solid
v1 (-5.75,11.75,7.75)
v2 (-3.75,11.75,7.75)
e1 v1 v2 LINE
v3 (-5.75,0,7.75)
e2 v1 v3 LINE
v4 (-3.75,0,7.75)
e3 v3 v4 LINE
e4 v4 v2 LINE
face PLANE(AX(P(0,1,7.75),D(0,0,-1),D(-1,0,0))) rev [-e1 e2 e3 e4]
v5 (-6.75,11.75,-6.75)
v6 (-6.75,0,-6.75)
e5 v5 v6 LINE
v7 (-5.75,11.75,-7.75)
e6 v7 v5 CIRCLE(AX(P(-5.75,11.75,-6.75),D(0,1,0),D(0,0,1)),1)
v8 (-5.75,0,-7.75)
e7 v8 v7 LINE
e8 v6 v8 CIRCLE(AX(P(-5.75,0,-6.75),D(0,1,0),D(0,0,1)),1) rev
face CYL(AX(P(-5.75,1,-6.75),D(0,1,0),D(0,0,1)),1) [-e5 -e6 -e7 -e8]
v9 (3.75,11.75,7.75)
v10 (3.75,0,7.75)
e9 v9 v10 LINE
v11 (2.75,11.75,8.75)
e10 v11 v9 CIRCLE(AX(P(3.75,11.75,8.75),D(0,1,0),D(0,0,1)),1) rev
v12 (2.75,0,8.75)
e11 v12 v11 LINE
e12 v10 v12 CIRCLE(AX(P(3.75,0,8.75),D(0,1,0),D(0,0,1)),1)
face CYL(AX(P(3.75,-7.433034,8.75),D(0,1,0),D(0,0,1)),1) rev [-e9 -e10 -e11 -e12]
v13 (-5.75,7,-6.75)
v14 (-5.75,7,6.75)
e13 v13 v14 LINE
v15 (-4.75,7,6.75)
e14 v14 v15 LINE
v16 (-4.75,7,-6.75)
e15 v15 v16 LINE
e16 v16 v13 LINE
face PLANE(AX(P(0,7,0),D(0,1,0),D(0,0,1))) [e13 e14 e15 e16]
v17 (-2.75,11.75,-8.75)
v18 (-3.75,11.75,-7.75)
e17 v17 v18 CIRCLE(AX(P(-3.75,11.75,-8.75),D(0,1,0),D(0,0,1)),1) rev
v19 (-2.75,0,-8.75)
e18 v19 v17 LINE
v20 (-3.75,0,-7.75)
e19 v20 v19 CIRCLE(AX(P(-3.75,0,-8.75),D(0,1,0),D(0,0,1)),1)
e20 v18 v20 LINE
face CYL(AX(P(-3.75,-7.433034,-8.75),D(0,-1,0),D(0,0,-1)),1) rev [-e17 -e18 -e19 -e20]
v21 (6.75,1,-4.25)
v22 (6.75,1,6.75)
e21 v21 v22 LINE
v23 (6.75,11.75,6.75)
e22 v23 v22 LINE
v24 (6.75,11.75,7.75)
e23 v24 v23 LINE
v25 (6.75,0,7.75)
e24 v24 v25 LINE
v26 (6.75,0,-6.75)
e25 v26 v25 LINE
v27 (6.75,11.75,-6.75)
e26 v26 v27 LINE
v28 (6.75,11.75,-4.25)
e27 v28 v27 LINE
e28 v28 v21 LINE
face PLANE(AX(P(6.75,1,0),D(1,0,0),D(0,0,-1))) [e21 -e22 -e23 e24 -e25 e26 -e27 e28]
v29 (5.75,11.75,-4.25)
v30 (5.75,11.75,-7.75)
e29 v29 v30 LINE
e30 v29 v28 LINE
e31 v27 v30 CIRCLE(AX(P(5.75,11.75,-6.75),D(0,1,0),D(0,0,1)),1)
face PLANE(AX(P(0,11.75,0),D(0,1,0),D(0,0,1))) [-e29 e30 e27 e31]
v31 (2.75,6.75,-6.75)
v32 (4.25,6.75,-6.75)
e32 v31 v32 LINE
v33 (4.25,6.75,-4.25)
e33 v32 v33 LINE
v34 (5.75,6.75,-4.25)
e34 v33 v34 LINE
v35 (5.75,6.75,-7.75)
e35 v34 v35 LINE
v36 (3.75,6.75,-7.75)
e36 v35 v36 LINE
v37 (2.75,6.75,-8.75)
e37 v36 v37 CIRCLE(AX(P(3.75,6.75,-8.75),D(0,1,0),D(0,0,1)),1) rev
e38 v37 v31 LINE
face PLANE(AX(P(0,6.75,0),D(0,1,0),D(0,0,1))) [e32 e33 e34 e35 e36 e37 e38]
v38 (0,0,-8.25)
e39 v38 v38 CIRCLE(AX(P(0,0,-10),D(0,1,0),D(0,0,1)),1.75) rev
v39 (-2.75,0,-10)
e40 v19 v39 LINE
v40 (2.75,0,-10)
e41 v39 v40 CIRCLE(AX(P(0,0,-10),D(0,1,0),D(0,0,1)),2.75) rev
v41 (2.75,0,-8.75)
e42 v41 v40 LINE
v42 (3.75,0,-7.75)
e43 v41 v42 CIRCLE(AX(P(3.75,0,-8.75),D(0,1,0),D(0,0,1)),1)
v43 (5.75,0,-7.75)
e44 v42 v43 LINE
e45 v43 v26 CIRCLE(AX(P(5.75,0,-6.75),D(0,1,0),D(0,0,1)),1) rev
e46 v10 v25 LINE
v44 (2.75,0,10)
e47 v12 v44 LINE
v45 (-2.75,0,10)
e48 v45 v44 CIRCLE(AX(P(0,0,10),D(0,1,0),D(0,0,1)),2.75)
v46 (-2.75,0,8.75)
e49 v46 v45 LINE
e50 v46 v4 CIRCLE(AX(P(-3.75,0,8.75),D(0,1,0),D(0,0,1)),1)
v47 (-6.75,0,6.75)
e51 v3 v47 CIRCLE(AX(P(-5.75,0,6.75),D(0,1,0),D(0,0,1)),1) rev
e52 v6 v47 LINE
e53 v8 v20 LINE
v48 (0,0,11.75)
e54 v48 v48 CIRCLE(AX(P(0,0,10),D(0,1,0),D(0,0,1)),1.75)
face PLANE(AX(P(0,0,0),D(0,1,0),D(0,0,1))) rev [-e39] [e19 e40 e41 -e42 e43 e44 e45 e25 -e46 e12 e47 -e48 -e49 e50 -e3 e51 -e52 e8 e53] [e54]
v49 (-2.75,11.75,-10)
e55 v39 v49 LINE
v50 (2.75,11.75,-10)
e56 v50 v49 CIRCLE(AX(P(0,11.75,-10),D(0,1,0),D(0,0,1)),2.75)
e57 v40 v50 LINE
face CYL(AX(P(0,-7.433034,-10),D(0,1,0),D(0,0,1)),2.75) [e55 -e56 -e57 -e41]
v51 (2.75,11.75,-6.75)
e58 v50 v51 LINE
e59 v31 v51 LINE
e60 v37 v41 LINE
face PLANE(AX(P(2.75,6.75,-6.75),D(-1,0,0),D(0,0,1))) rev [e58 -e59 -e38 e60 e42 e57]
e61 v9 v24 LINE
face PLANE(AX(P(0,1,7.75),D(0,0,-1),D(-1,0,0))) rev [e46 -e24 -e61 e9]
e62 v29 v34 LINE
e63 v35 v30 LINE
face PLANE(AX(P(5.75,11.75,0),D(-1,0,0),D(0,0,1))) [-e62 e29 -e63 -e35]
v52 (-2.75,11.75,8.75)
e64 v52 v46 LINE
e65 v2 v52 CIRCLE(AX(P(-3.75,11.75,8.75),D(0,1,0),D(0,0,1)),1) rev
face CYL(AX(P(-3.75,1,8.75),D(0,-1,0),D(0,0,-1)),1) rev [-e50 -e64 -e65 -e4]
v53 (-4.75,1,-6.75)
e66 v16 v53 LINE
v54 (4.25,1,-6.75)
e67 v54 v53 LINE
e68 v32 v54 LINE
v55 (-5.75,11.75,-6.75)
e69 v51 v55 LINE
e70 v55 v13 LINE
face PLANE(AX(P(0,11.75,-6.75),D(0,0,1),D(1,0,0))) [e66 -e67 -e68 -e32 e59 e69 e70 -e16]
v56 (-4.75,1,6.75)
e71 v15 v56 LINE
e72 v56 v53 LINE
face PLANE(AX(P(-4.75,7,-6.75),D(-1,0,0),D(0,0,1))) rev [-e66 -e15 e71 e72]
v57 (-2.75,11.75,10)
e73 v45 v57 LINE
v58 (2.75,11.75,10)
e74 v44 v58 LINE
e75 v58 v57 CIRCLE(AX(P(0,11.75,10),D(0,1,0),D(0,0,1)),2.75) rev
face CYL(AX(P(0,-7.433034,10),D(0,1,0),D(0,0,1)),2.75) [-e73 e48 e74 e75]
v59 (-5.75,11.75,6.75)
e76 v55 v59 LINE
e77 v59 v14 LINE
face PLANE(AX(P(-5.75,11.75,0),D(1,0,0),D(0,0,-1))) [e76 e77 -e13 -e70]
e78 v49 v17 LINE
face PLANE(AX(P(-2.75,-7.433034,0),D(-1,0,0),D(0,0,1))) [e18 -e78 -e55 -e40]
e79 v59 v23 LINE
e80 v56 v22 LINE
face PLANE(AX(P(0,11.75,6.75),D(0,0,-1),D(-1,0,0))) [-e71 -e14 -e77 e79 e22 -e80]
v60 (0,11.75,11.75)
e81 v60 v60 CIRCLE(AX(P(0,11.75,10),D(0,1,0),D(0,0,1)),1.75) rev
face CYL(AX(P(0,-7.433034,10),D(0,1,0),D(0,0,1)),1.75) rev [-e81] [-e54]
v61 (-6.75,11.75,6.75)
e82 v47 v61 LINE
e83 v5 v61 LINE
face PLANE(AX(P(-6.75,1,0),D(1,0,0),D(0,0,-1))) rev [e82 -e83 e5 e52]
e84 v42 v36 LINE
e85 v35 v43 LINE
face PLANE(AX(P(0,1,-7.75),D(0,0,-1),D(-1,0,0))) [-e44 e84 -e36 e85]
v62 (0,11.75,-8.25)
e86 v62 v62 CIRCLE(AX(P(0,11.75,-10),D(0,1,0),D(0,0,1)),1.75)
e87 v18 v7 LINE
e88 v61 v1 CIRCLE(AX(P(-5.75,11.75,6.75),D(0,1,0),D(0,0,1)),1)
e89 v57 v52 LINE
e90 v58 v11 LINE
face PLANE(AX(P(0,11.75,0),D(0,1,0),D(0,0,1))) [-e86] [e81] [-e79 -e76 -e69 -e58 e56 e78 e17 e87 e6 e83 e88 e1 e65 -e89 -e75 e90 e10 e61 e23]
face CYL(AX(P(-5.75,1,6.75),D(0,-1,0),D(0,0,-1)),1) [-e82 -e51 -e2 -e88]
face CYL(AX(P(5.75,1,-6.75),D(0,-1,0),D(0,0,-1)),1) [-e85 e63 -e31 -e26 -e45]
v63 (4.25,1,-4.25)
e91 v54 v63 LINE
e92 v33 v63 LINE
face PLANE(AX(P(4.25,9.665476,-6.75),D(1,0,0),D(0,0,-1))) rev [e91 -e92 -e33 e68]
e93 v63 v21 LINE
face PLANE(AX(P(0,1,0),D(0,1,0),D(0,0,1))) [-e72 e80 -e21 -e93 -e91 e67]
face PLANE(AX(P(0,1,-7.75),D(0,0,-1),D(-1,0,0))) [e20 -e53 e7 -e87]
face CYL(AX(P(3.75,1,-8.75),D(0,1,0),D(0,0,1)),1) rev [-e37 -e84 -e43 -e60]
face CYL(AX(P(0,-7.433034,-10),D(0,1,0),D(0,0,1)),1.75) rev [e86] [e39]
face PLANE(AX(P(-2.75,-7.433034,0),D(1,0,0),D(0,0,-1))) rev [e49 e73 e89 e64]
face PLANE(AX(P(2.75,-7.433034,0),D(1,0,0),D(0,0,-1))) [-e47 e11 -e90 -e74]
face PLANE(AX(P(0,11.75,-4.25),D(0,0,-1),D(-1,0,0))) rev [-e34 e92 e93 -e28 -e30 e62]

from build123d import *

# Parameters (mm, degrees)
SKETCH1_W           = 13.5
SKETCH1_H           = 15.5
SKETCH1_W_2         = 11.5
SKETCH1_H_2         = 13.5
BOSS_EXTRUDE1_DEPTH = 1
BOSS_EXTRUDE2_DEPTH = 10.75
SKETCH3_W           = 3
SKETCH3_H           = 1
CUT_EXTRUDE1_DEPTH  = 5
SKETCH4_R           = 1.75
BOSS_EXTRUDE3_DEPTH = 11.75
FILLET1_R           = 1
SKETCH5_W           = 1
SKETCH5_H           = 13.5
BOSS_EXTRUDE4_DEPTH = 6
SKETCH6_W           = 1.5
SKETCH6_H           = 2.5
BOSS_EXTRUDE5_DEPTH = 5.75


with BuildPart() as part:
    # Sketch1 → Boss-Extrude1 (new body)
    # profile 1 of 2: a face of its own
    with BuildSketch(Plane(origin=(0, 0, 0), x_dir=(1, 0, 0), z_dir=(0, 1, 0))):
        Rectangle(SKETCH1_W, SKETCH1_H)
        Rectangle(SKETCH1_W_2, SKETCH1_H_2, mode=Mode.SUBTRACT)
    # profile 2 of 2: a face of its own
    with BuildSketch(Plane(origin=(0, 0, 0), x_dir=(1, 0, 0), z_dir=(0, 1, 0))):
        Rectangle(SKETCH1_W_2, SKETCH1_H_2)
    extrude(amount=BOSS_EXTRUDE1_DEPTH)

    # Sketch2 → Boss-Extrude2 (add)
    with BuildSketch(Plane(origin=(0, 1, 0), x_dir=(1, 0, 0), z_dir=(0, 1, 0))):
        Polygon((-6.75, -7.75), (6.75, -7.75), (6.75, -6.75), (5.75, -6.75), (-5.75, -6.75), (-5.75, 6.75), (5.75, 6.75), (5.75, 4.25), (6.75, 4.25), (6.75, 7.75), (-6.75, 7.75), align=None)
    extrude(amount=BOSS_EXTRUDE2_DEPTH)

    # Sketch3 → Cut-Extrude1 (cut)
    with BuildSketch(Plane(origin=(0, 11.75, 0), x_dir=(1, 0, 0), z_dir=(0, 1, 0))):
        with Locations((4.25, 7.25)):
            Rectangle(SKETCH3_W, SKETCH3_H)
    extrude(amount=-CUT_EXTRUDE1_DEPTH, mode=Mode.SUBTRACT)

    # Sketch4 → Boss-Extrude3 (add)
    # profile 1 of 6: a face of its own
    with BuildSketch(Plane(origin=(0, 11.75, 0), x_dir=(1, 0, 0), z_dir=(0, 1, 0))):
        with BuildLine():
            ThreePointArc((2.75, 10), (0, 12.75), (-2.75, 10))
            ThreePointArc((-2.75, 10), (-2.440351592, 8.732252348), (-1.58113883, 7.75))
            Line((-1.58113883, 7.75), (1.58113883, 7.75))
            ThreePointArc((1.58113883, 7.75), (2.440351592, 8.732252348), (2.75, 10))
        make_face()
        with Locations(Location((0, 10, 0), (0, 0, 270))):
            Circle(SKETCH4_R, mode=Mode.SUBTRACT)
    # profile 2 of 6: a face of its own
    with BuildSketch(Plane(origin=(0, 11.75, 0), x_dir=(1, 0, 0), z_dir=(0, 1, 0))):
        with BuildLine():
            ThreePointArc((-1.58113883, 7.75), (-2.440351592, 8.732252348), (-2.75, 10))
            Line((-2.75, 10), (-2.75, 7.75))
            Line((-2.75, 7.75), (-1.58113883, 7.75))
        make_face()
    # profile 3 of 6: a face of its own
    with BuildSketch(Plane(origin=(0, 11.75, 0), x_dir=(1, 0, 0), z_dir=(0, 1, 0))):
        with BuildLine():
            Line((2.75, 7.75), (2.75, 10))
            ThreePointArc((2.75, 10), (2.440351592, 8.732252348), (1.58113883, 7.75))
            Line((1.58113883, 7.75), (2.75, 7.75))
        make_face()
    # profile 4 of 6: a face of its own
    with BuildSketch(Plane(origin=(0, 11.75, 0), x_dir=(1, 0, 0), z_dir=(0, 1, 0))):
        with BuildLine():
            Line((-2.75, -7.75), (-2.75, -10))
            ThreePointArc((-2.75, -10), (-2.440351592, -8.732252348), (-1.58113883, -7.75))
            Line((-1.58113883, -7.75), (-2.75, -7.75))
        make_face()
    # profile 5 of 6: a face of its own
    with BuildSketch(Plane(origin=(0, 11.75, 0), x_dir=(1, 0, 0), z_dir=(0, 1, 0))):
        with BuildLine():
            ThreePointArc((-1.58113883, -7.75), (-2.440351592, -8.732252348), (-2.75, -10))
            ThreePointArc((-2.75, -10), (0, -12.75), (2.75, -10))
            ThreePointArc((2.75, -10), (2.440351592, -8.732252348), (1.58113883, -7.75))
            Line((1.58113883, -7.75), (-1.58113883, -7.75))
        make_face()
        with Locations(Location((0, -10, 0), (0, 0, 270))):
            Circle(SKETCH4_R, mode=Mode.SUBTRACT)
    # profile 6 of 6: a face of its own
    with BuildSketch(Plane(origin=(0, 11.75, 0), x_dir=(1, 0, 0), z_dir=(0, 1, 0))):
        with BuildLine():
            ThreePointArc((1.58113883, -7.75), (2.440351592, -8.732252348), (2.75, -10))
            Line((2.75, -10), (2.75, -7.75))
            Line((2.75, -7.75), (1.58113883, -7.75))
        make_face()
    extrude(amount=-BOSS_EXTRUDE3_DEPTH)

    # Fillet1
    fillet1_edges = [part.edges().sort_by_distance(p)[0] for p in [
        (-2.75, 5.875, -7.75),
        (2.75, 3.375, -7.75),
        (-2.75, 5.875, 7.75),
        (2.75, 5.875, 7.75),
        (-6.75, 5.875, 7.75),
        (-6.75, 5.875, -7.75),
        (6.75, 5.875, -7.75),
    ]]
    fillet(fillet1_edges, radius=FILLET1_R)

    # Sketch5 → Boss-Extrude4 (add)
    with BuildSketch(Plane(origin=(0, 1, 0), x_dir=(1, 0, 0), z_dir=(0, 1, 0))):
        with Locations((-5.25, 0)):
            Rectangle(SKETCH5_W, SKETCH5_H)
    extrude(amount=BOSS_EXTRUDE4_DEPTH)

    # Sketch6 → Boss-Extrude5 (add)
    with BuildSketch(Plane(origin=(0, 1, 0), x_dir=(1, 0, 0), z_dir=(0, 1, 0))):
        with Locations((5, 5.5)):
            Rectangle(SKETCH6_W, SKETCH6_H)
    extrude(amount=BOSS_EXTRUDE5_DEPTH)


solid = part.part
